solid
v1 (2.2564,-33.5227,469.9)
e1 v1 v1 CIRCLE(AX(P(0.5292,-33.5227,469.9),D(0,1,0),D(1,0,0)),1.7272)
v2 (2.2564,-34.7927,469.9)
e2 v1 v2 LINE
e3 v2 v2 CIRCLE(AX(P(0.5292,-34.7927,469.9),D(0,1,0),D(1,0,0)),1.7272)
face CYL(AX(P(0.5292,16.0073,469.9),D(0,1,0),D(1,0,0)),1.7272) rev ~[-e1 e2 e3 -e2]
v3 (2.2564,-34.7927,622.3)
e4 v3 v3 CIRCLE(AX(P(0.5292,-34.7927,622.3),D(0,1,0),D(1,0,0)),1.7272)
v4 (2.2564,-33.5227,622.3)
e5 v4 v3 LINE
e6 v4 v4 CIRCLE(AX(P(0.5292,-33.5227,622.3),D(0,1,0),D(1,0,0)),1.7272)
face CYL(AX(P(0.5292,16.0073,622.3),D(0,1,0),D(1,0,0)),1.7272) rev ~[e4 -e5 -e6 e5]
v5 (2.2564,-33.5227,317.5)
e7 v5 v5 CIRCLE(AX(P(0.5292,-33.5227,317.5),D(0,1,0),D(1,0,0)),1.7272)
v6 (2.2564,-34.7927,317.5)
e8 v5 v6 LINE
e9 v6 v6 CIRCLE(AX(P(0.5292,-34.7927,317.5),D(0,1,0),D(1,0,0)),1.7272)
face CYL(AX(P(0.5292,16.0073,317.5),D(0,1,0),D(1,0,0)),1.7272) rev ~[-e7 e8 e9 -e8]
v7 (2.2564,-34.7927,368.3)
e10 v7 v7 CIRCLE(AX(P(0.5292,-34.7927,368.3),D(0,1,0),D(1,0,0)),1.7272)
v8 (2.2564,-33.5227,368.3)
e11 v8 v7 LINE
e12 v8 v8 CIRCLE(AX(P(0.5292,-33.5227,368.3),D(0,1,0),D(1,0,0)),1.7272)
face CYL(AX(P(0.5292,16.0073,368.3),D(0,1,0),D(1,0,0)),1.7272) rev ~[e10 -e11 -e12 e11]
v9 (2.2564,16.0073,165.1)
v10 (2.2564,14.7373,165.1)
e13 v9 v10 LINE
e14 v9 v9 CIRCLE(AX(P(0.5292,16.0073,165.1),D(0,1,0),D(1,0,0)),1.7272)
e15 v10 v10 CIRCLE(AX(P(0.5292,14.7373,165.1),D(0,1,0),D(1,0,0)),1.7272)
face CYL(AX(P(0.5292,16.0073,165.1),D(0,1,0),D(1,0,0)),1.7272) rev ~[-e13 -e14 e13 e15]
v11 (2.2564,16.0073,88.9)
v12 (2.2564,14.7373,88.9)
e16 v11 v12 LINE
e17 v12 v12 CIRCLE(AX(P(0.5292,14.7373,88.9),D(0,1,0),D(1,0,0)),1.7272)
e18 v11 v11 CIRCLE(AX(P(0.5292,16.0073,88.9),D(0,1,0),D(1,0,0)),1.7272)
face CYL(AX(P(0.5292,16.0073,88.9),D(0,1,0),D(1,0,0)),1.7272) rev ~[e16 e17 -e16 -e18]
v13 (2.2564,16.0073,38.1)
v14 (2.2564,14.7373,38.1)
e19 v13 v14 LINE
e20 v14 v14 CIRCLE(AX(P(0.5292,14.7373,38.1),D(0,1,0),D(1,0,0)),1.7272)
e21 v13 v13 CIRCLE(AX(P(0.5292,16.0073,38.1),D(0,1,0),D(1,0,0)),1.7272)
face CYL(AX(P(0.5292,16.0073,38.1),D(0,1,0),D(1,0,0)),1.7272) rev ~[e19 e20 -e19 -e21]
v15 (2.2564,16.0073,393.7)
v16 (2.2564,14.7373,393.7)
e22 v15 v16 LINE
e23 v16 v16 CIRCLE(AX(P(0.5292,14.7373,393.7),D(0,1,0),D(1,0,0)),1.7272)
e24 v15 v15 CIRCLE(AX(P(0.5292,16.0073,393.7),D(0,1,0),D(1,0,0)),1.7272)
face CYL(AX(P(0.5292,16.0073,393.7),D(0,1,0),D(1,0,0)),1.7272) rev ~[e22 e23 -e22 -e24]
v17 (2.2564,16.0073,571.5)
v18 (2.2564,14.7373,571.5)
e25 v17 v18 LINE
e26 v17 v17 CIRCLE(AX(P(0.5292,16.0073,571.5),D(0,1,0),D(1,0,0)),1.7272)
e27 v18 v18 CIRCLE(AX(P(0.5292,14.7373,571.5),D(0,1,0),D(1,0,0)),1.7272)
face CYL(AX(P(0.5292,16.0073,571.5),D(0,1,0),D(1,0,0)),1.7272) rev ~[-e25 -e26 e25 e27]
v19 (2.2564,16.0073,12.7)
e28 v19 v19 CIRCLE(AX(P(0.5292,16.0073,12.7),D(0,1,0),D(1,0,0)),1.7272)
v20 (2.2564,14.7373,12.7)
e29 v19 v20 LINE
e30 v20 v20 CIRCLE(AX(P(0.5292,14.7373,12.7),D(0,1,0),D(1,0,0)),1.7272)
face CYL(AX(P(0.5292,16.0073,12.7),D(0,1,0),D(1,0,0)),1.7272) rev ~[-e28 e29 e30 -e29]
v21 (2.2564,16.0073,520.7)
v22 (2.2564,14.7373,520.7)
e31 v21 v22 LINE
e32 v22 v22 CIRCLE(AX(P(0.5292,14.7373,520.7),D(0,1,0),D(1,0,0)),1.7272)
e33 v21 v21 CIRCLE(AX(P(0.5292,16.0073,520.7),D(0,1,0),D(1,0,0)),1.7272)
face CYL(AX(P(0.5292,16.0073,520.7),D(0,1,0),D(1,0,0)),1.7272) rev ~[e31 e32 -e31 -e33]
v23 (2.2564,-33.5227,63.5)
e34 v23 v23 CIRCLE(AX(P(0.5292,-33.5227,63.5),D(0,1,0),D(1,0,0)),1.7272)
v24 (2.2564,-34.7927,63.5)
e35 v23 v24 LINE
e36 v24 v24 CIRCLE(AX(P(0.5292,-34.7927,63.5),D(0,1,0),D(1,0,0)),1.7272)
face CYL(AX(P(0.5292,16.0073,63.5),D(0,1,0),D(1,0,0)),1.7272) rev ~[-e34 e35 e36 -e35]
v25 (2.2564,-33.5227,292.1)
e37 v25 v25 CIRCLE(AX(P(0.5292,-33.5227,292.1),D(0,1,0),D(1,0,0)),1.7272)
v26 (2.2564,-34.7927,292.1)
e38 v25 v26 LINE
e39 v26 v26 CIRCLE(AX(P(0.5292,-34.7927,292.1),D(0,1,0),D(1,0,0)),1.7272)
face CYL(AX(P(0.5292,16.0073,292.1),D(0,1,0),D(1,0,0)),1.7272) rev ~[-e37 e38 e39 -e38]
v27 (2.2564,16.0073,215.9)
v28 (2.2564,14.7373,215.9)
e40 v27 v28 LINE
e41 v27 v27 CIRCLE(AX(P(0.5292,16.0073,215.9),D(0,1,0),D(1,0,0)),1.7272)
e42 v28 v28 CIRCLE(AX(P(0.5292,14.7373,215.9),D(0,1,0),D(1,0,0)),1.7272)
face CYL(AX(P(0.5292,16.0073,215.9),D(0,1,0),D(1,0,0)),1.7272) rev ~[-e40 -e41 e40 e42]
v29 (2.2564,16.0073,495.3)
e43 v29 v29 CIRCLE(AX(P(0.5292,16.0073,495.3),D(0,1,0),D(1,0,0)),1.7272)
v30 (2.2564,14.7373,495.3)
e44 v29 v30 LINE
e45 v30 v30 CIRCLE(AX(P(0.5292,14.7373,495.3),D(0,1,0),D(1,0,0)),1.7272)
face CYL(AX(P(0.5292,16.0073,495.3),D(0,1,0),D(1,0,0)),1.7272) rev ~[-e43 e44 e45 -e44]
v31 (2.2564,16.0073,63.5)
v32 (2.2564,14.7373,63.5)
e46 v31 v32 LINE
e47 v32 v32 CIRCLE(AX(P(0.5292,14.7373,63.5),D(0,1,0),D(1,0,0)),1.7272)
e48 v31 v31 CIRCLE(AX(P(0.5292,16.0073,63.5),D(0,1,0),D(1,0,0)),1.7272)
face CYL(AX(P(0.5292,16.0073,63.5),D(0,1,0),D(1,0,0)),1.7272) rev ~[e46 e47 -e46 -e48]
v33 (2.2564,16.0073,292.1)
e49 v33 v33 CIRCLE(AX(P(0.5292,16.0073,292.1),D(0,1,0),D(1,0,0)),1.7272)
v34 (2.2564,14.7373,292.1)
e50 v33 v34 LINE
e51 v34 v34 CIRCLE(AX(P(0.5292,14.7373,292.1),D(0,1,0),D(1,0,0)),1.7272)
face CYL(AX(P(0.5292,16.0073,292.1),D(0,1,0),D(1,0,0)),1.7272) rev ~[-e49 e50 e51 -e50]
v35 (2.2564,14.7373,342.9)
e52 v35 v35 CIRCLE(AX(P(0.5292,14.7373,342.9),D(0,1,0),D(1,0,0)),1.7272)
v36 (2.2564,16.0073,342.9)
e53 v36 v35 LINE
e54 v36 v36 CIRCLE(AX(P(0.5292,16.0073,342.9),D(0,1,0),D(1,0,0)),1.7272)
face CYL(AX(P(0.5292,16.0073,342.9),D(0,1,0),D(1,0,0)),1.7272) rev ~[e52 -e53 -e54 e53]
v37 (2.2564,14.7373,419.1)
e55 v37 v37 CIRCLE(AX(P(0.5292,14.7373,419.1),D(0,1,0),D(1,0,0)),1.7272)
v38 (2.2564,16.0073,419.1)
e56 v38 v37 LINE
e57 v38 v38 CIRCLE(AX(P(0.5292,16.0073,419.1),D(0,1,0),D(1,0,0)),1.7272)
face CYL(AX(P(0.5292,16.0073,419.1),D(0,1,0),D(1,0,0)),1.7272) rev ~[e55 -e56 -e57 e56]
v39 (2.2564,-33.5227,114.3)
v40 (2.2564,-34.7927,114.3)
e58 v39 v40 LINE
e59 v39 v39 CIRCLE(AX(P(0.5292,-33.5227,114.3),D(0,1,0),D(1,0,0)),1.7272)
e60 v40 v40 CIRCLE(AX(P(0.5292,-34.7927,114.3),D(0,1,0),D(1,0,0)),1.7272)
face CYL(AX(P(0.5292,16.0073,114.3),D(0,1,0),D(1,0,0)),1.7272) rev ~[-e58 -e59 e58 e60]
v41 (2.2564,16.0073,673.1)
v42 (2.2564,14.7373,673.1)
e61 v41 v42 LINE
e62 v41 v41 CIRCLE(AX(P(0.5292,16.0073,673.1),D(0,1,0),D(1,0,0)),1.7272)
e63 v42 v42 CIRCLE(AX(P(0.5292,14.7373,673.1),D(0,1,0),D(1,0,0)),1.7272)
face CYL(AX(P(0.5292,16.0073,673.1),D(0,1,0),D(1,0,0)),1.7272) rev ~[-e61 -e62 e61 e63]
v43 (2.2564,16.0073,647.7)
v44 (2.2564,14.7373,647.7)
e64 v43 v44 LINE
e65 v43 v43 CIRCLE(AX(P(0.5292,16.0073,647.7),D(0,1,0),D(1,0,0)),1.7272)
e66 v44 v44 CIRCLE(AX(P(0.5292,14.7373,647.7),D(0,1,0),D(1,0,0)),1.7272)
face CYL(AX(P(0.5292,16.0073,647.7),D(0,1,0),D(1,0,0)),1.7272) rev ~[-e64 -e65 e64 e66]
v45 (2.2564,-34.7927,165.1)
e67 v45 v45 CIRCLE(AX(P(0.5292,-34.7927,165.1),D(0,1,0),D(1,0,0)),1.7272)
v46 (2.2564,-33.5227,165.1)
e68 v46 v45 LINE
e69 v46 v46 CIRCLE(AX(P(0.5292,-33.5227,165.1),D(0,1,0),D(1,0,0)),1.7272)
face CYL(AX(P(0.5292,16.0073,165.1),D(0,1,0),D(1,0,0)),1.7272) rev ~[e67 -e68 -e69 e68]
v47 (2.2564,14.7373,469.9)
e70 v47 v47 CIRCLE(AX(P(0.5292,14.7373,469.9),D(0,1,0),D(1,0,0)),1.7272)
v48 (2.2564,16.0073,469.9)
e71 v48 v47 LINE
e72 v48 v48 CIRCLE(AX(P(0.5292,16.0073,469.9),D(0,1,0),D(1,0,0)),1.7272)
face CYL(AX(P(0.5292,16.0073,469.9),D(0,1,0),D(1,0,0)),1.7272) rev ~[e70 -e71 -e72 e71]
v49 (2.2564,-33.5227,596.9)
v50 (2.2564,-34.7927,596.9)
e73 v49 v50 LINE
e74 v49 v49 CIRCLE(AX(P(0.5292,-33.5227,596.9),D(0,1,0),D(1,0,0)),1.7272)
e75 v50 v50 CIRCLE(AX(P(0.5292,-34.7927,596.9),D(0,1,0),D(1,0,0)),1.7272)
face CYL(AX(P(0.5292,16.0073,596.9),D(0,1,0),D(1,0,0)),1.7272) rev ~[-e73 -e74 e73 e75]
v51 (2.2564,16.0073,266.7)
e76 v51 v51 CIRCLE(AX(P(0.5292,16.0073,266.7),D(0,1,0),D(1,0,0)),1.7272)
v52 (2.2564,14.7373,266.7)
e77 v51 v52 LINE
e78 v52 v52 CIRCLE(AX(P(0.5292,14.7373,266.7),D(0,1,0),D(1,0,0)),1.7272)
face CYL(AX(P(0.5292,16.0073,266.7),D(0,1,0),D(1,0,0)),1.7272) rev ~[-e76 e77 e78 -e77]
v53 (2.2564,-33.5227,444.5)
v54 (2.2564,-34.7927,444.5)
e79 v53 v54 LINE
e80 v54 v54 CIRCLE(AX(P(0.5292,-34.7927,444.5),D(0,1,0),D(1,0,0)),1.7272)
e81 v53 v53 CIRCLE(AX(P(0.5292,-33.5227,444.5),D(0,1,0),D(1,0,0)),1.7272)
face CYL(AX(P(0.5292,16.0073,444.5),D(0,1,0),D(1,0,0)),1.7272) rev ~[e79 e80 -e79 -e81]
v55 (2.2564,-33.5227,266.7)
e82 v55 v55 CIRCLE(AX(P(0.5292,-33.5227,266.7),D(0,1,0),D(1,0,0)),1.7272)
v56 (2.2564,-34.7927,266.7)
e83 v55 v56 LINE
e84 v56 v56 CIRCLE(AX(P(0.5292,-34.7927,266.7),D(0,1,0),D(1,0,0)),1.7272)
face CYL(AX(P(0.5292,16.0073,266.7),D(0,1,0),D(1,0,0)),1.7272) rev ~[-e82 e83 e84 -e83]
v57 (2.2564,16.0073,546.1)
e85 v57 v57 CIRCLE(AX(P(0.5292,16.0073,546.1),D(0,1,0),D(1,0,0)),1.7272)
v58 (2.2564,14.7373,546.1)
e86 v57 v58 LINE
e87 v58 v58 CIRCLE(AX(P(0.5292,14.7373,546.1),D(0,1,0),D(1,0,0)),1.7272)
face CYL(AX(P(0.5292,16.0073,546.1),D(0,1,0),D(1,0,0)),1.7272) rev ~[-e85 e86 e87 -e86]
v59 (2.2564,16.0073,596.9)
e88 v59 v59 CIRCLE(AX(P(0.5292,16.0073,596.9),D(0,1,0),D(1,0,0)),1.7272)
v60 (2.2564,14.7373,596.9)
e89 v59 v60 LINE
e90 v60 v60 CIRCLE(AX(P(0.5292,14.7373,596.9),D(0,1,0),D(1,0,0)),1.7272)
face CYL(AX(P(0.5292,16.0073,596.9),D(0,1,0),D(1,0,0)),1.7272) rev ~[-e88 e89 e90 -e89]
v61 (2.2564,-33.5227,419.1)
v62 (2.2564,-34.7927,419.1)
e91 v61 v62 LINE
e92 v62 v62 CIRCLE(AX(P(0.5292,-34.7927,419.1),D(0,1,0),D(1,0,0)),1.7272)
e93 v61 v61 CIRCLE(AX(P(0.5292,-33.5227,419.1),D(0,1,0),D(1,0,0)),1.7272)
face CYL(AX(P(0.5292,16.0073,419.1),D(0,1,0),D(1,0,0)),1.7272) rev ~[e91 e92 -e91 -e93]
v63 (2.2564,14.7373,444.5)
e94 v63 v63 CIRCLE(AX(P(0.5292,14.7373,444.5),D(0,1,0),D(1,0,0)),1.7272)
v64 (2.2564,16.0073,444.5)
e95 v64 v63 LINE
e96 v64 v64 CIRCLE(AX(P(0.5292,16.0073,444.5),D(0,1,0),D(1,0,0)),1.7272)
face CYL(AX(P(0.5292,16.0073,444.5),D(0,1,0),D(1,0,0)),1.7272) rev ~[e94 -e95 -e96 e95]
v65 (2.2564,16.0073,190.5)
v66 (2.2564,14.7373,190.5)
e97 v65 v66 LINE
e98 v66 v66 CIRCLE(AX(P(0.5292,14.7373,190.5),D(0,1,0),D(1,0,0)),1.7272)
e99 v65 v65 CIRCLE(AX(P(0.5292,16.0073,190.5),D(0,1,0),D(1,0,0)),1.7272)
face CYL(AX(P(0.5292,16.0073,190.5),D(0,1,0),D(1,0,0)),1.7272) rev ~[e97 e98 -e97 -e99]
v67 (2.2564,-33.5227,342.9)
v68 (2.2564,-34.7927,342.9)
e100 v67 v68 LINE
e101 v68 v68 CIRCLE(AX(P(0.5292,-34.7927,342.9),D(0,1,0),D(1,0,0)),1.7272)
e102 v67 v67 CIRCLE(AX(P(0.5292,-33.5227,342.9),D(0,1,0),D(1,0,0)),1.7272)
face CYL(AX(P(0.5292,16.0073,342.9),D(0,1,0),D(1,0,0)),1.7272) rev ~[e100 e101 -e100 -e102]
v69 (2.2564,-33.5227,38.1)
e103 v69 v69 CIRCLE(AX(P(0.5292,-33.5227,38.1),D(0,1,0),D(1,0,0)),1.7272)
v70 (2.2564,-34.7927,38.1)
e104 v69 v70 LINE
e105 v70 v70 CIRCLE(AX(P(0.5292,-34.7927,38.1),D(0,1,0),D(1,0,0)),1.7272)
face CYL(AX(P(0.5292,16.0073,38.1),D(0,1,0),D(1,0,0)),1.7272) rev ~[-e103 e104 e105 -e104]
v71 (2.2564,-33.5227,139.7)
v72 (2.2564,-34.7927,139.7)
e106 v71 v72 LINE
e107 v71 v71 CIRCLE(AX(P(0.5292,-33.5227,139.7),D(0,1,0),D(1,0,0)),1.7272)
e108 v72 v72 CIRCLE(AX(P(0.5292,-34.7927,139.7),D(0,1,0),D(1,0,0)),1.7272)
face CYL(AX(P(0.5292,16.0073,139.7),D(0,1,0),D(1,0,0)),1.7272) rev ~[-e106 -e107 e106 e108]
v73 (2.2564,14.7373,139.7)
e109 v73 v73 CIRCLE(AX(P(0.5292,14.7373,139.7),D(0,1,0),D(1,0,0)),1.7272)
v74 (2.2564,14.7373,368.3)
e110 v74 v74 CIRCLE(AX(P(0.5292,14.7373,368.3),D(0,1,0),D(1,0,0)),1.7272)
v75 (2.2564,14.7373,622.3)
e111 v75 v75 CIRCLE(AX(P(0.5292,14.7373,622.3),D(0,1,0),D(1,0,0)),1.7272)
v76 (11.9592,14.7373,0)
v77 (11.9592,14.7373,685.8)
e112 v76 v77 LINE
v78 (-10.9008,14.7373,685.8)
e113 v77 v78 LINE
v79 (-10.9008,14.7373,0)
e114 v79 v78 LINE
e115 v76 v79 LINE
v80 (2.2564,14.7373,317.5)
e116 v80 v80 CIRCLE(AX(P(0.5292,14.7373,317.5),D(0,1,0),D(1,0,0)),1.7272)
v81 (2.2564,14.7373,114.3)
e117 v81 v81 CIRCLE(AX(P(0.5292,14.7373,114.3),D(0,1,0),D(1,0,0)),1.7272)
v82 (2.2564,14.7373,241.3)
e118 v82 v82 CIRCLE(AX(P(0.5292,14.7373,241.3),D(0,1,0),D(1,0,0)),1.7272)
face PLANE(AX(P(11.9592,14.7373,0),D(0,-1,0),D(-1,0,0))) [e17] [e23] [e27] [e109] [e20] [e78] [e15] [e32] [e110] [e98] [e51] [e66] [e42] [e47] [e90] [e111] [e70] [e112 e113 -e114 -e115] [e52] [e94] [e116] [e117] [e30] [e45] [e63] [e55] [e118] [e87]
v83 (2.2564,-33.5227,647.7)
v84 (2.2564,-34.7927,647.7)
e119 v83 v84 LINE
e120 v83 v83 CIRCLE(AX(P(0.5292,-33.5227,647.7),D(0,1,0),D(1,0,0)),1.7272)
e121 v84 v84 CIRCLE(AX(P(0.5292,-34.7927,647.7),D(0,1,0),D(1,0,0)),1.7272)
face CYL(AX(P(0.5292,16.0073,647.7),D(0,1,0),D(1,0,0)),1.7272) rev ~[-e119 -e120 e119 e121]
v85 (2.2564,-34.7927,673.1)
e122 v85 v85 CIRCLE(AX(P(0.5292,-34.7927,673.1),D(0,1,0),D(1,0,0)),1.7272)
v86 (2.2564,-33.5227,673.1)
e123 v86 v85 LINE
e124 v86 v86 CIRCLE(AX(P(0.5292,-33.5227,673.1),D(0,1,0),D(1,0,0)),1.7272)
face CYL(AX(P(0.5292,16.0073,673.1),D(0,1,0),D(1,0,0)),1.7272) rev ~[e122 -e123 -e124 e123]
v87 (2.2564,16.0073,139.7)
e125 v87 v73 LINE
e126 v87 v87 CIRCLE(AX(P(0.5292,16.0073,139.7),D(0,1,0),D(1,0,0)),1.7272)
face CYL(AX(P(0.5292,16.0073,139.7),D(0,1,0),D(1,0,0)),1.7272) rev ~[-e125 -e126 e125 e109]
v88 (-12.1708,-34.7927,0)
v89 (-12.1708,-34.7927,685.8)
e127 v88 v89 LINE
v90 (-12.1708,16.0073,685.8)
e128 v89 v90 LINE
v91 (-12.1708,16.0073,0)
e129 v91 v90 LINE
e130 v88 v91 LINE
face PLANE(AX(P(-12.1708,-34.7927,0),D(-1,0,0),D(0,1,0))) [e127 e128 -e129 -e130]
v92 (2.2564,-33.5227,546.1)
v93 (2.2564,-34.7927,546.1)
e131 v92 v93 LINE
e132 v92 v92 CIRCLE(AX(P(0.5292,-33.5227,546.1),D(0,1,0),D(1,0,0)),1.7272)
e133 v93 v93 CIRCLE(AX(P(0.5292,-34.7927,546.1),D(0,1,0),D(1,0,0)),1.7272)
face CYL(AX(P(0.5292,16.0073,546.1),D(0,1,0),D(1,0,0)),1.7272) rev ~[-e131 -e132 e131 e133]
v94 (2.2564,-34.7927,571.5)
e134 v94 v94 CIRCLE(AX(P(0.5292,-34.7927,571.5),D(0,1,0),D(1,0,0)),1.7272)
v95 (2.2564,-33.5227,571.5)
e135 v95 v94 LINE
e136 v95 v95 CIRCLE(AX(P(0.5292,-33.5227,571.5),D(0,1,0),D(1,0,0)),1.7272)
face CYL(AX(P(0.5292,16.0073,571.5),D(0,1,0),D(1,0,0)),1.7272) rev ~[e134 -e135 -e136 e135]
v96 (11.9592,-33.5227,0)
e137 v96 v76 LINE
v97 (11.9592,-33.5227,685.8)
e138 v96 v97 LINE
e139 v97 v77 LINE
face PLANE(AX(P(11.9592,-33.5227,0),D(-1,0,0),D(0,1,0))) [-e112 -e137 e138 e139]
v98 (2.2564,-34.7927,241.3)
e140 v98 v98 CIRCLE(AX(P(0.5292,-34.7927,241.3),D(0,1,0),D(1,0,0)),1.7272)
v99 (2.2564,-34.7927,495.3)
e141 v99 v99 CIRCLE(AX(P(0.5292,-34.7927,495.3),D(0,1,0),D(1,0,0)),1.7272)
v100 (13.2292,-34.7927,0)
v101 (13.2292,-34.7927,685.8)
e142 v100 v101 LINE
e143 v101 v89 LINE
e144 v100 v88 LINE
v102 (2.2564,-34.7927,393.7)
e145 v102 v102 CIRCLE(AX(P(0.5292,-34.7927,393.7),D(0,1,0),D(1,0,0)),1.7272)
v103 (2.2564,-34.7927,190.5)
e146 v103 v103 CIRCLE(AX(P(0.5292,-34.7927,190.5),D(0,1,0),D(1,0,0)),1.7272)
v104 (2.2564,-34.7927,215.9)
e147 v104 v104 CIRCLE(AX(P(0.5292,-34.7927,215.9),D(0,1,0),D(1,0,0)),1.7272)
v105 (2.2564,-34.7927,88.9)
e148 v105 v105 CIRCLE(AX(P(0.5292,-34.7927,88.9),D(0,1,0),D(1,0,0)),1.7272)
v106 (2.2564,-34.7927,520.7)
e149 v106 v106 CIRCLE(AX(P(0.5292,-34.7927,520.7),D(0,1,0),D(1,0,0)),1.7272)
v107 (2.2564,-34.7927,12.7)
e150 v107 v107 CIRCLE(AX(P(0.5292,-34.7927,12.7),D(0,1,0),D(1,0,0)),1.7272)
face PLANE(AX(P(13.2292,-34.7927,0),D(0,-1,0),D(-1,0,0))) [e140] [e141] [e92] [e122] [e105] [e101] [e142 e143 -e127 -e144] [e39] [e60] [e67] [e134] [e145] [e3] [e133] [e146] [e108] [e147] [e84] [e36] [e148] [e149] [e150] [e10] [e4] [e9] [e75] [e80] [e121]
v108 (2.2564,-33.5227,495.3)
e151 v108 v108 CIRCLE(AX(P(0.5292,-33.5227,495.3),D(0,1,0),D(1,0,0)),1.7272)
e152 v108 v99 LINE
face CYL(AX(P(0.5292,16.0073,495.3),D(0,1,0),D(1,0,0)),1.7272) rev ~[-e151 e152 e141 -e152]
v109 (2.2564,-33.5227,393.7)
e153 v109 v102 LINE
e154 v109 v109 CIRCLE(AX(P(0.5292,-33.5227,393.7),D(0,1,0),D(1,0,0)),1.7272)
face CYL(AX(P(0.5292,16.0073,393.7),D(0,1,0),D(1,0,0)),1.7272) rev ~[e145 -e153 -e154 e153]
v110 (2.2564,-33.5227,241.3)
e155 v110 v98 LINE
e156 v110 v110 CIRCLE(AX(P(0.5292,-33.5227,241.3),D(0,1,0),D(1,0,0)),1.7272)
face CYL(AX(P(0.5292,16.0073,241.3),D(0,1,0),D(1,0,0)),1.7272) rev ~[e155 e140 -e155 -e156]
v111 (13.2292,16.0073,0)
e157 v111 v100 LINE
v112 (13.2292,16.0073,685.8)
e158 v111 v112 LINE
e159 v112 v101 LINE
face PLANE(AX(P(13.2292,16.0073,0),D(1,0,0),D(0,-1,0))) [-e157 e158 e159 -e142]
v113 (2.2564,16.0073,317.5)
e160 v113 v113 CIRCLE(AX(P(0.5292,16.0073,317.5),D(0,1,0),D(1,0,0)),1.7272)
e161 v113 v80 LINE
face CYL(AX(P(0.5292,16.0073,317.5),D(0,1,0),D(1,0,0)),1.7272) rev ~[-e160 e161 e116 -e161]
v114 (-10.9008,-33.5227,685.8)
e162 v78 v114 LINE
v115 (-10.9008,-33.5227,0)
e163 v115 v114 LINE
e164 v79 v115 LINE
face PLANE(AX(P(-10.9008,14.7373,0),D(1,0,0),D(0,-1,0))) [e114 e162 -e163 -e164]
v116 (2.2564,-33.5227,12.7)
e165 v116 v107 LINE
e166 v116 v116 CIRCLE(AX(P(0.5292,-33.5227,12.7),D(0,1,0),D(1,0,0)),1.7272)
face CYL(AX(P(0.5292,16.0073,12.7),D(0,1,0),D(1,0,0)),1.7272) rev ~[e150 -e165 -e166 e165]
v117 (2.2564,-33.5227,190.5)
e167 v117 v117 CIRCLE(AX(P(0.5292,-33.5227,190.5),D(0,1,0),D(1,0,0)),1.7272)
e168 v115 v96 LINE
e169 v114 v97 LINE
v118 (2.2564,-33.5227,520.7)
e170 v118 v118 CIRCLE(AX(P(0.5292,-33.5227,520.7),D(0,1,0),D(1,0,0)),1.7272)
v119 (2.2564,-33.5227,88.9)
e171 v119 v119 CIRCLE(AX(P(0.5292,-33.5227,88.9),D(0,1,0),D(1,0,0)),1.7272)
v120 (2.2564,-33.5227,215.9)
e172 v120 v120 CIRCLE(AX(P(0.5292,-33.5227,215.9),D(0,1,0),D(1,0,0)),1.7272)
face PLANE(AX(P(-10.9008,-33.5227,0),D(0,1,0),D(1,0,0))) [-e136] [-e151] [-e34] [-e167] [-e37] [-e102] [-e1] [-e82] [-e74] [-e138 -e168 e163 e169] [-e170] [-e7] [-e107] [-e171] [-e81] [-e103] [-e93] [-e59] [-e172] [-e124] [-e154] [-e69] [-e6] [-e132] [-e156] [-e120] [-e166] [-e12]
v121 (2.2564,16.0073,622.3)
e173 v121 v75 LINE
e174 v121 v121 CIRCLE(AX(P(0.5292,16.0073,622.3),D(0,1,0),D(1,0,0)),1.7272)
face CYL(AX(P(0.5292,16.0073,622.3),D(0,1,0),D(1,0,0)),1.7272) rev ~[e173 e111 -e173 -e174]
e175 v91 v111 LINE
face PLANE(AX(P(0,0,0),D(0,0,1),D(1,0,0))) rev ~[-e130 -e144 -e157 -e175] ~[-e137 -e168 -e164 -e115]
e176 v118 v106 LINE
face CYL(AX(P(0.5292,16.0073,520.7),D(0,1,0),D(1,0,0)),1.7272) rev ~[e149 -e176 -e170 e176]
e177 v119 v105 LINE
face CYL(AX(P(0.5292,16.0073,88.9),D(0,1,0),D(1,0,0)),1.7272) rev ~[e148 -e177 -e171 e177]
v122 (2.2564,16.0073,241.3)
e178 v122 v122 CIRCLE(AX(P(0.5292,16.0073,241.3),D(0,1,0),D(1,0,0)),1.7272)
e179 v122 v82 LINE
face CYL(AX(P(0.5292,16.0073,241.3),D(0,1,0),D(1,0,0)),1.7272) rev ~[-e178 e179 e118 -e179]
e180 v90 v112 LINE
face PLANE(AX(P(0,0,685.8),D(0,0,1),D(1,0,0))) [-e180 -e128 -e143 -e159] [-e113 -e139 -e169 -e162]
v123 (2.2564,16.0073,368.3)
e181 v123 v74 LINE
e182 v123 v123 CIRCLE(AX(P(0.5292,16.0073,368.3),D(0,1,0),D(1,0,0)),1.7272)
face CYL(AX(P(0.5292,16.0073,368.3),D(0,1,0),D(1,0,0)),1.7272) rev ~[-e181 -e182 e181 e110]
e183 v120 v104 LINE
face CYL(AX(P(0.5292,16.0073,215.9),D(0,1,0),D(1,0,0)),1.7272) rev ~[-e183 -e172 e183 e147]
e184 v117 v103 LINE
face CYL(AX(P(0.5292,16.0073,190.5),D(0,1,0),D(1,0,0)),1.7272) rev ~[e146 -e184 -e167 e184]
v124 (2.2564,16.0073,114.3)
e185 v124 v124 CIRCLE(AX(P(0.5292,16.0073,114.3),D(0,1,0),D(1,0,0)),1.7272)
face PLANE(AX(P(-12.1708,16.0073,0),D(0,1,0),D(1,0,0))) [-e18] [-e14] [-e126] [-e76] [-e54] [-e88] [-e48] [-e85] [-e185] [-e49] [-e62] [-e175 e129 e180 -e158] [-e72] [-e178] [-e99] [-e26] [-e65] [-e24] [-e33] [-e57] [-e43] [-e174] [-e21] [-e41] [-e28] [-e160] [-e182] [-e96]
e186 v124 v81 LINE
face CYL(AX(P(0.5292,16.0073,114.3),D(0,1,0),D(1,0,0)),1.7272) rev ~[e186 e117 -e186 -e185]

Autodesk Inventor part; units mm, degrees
ref_plane "YZ Plane" through (0, 0, 0) normal (1, 0, 0) x (0, 1, 0)
ref_plane "XZ Plane" through (0, 0, 0) normal (0, 1, 0) x (-1, 0, 0)
ref_plane "XY Plane" through (0, 0, 0) normal (0, 0, 1) x (1, 0, 0)
sketch "Sketch1" plane through (0, 0, 0) normal (0, 0, 1) x (1, 0, 0)
  line L0 (-12.1708, 16.0073) -> (13.2292, 16.0073)
  line L1 (13.2292, 16.0073) -> (13.2292, -34.7927)
  line L2 (13.2292, -34.7927) -> (-12.1708, -34.7927)
  line L3 (-12.1708, -34.7927) -> (-12.1708, 16.0073)
  line L4 (11.9592, 14.7373) -> (-10.9008, 14.7373)
  line L5 (-10.9008, 14.7373) -> (-10.9008, -33.5227)
  line L6 (-10.9008, -33.5227) -> (11.9592, -33.5227)
  line L7 (11.9592, -33.5227) -> (11.9592, 14.7373)
  point P0 (0, 0)
  dimension "d0" = 25.4
  dimension "d1" = 50.8
  dimension "d2" = 1.27
extrude "Extrusion1" add sketch "Sketch1" along normal blind 685.8
sketch "Sketch2" plane through (-12.1708, 16.0073, 0) normal (0, 1, 0) x (1, 0, 0)
  circle A0 centre (12.7, -12.7) radius 1.7272
  line L0 (25.4, 0) -> (0, 0) projected
  line L1 (0, 0) -> (0, -685.8) projected
  point P0 (12.1708, 0)
  dimension "d5" = 3.4544
  dimension "d6" = 12.7
  dimension "d7" = 12.7
extrude "Extrusion2" cut sketch "Sketch2" against normal through all
pattern_linear "Rectangular Pattern1" count 69 spacing 25.4 along (0, 0, 1) of "Extrusion2"
equation "\"d3\" = d13"
equation "\"d10\" = d14"
equation "\"d13\" = 685.8"
equation "\"d14\" = d13"
properties part number "Long bar 8.5 - VersaFrame"
